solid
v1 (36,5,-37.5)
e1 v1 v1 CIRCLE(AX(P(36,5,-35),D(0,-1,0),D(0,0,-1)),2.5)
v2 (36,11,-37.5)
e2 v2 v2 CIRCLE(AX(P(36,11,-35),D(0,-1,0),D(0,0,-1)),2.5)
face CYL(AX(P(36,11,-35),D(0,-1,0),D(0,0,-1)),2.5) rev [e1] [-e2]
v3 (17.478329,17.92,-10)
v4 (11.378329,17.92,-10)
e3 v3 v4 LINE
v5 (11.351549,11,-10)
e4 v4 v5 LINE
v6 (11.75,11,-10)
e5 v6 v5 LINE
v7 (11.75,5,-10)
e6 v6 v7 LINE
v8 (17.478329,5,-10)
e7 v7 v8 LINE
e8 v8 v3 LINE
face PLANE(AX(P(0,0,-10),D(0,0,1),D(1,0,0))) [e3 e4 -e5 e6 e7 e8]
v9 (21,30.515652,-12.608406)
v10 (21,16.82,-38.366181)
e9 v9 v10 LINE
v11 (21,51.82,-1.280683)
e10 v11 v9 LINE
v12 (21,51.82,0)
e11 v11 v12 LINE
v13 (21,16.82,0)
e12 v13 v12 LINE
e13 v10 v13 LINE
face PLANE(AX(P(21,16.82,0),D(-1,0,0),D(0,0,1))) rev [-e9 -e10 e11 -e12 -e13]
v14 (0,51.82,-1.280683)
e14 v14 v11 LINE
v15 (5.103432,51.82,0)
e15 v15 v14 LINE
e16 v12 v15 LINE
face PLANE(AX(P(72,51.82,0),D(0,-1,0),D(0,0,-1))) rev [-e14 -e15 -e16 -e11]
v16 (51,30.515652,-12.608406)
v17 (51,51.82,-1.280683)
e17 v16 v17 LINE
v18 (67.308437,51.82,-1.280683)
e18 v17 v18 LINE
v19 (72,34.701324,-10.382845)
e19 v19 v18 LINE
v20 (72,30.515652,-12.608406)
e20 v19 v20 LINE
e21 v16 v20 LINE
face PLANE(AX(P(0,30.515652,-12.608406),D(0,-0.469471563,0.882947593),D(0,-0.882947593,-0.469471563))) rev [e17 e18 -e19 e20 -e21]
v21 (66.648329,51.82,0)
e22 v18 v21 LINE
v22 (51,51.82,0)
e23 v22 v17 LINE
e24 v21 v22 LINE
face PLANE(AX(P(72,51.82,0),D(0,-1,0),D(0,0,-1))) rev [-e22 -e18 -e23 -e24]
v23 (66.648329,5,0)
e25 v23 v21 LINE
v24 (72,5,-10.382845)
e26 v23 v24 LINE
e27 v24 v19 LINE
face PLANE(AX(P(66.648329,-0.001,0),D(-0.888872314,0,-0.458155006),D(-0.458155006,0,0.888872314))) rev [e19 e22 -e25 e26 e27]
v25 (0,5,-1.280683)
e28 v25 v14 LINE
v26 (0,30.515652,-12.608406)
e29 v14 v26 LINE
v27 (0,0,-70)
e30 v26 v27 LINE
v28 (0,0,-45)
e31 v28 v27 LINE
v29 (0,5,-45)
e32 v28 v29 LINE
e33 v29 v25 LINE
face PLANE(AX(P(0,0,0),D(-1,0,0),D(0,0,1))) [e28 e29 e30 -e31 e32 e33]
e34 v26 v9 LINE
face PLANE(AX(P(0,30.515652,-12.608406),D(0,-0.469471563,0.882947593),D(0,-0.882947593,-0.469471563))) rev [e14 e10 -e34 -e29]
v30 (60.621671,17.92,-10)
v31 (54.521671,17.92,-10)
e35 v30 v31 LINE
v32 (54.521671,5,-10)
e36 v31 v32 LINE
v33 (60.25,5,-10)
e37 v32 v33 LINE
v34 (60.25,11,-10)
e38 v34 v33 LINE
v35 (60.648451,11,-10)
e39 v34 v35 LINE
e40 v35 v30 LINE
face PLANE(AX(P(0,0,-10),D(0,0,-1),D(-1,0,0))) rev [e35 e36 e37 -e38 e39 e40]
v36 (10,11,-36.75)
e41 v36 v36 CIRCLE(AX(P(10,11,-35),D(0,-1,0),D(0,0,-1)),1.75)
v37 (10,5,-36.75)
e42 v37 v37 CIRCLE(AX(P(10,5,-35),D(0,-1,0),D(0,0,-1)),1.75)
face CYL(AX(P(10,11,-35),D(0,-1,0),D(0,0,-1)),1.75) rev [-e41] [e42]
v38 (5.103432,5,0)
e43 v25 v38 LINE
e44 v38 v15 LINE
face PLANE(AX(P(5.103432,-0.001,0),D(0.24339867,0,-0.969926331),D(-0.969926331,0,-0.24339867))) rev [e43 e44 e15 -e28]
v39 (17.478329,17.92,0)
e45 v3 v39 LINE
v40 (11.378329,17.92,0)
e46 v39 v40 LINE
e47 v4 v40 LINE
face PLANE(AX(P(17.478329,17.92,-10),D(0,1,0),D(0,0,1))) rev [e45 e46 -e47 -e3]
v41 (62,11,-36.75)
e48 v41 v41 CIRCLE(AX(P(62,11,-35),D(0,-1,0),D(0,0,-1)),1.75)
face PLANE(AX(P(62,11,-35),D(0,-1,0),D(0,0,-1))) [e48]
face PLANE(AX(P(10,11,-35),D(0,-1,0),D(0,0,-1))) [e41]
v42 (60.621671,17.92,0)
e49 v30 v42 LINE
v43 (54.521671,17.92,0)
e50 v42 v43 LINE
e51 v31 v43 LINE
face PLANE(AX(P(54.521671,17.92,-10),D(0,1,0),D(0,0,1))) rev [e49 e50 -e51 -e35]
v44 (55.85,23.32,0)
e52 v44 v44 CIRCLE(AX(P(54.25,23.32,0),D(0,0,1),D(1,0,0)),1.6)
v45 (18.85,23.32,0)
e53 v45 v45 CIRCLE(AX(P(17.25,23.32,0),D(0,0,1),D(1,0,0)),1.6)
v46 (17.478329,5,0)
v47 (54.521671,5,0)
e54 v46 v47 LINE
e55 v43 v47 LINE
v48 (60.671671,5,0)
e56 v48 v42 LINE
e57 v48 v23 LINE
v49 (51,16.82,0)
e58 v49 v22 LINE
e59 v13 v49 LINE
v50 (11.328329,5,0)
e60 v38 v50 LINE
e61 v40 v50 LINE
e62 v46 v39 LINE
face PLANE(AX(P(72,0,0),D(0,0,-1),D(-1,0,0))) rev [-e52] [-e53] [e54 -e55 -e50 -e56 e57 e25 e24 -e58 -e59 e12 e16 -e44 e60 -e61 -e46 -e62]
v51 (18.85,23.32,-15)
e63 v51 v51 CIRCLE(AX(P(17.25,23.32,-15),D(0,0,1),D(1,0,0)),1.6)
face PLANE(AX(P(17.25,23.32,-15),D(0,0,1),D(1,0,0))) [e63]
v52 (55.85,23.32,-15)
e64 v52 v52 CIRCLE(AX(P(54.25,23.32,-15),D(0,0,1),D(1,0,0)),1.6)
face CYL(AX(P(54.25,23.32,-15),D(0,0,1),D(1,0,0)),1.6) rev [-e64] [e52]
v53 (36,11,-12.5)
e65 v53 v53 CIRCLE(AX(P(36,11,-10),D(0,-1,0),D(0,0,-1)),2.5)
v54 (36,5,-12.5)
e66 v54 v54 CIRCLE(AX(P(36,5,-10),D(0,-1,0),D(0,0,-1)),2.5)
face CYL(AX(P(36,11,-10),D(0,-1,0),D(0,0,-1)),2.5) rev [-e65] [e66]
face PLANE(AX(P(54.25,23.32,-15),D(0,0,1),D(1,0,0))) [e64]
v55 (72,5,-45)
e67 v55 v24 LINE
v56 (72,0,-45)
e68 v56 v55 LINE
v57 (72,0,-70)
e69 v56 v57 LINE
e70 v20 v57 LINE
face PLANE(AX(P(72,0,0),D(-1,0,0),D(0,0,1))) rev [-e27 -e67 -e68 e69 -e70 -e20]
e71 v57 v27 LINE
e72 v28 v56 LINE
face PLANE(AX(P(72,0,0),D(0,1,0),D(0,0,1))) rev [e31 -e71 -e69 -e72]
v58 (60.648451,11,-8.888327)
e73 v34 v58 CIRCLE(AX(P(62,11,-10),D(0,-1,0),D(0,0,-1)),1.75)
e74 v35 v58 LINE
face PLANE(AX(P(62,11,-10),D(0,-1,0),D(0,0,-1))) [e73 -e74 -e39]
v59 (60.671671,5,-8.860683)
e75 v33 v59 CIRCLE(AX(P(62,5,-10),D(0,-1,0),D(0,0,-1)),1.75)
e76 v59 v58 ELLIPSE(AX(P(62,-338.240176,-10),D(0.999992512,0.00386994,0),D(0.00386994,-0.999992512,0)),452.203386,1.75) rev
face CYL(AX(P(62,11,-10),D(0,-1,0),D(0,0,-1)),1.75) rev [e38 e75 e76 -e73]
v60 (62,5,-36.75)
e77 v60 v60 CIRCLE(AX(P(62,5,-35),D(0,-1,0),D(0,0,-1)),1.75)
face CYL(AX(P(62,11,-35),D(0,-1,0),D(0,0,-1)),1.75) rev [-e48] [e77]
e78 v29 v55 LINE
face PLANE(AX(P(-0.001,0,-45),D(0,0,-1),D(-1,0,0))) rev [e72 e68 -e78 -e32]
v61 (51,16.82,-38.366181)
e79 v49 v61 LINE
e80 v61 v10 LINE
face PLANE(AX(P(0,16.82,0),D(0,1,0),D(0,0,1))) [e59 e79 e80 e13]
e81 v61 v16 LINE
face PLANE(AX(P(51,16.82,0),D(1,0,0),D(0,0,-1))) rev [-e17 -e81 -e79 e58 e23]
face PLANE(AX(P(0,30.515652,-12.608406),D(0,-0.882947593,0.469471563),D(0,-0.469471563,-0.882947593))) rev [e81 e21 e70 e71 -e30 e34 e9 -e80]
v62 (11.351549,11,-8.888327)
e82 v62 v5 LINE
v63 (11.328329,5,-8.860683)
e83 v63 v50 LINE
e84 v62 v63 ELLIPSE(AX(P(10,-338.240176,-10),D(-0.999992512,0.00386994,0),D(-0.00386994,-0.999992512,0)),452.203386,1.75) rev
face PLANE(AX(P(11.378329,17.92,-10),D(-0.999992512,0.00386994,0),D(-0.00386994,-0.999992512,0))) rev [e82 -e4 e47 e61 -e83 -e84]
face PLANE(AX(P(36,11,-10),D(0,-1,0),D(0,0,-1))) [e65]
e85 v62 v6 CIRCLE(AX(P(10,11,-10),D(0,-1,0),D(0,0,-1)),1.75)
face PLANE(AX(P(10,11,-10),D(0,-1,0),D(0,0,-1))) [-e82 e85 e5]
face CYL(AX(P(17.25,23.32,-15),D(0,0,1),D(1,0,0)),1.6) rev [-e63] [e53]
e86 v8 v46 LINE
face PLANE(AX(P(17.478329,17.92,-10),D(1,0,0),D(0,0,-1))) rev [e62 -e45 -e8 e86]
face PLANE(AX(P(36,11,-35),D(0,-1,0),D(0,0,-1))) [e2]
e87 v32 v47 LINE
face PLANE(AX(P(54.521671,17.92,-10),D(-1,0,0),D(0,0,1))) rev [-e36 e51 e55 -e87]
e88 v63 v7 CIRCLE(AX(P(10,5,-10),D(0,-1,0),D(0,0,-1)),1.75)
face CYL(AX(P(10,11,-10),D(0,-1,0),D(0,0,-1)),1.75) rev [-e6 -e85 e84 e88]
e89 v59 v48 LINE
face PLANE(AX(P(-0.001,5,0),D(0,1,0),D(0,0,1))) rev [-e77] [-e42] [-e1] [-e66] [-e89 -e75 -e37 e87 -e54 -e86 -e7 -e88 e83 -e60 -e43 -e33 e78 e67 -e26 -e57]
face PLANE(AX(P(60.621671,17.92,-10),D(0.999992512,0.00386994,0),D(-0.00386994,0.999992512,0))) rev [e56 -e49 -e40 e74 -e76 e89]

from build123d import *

# Parameters (mm, degrees)
CROQUIS1_W              = 70
CROQUIS1_H              = 51.82
SALIENTE_EXTRUIR1_DEPTH = 72
CORTAR_EXTRUIR1_DEPTH   = 72
CROQUIS5_W              = 30
CROQUIS5_H              = 62
CORTAR_EXTRUIR2_DEPTH   = 35
CORTAR_EXTRUIR3_REACH   = 74
CROQUIS6_W              = 45
CROQUIS6_H              = 5
CORTAR_EXTRUIR4_REACH   = 53.82
CORTAR_EXTRUIR5_REACH   = 53.82
CROQUIS18_R             = 1.6
CORTAR_EXTRUIR7_DEPTH   = 15
CROQUIS19_R             = 1.75
CROQUIS19_R_2           = 2.5
CORTAR_EXTRUIR8_DEPTH   = 6
CORTAR_EXTRUIR10_DEPTH  = 10


with BuildPart() as part:
    # Croquis1 → Saliente-Extruir1 (new body)
    with BuildSketch(Plane(origin=(0, 0, 0), x_dir=(0, 0, -1), z_dir=(1, 0, 0))):
        with Locations((35, 25.91)):
            Rectangle(CROQUIS1_W, CROQUIS1_H)
    extrude(amount=SALIENTE_EXTRUIR1_DEPTH)

    # Croquis4 → Cortar-Extruir1 (cut)
    with BuildSketch(Plane(origin=(72, 0, 0), x_dir=(0, 0, -1), z_dir=(1, 0, 0))):
        Polygon((12.608406464, 30.515651581), (70, 0), (70, 51.82), (1.280683474, 51.82), align=None)
    extrude(amount=-CORTAR_EXTRUIR1_DEPTH, mode=Mode.SUBTRACT)

    # Croquis5 → Cortar-Extruir2 (cut)
    with BuildSketch(Plane(origin=(0, 51.82, 0), x_dir=(1, 0, 0), z_dir=(0, 1, 0))):
        with Locations((36, 31)):
            Rectangle(CROQUIS5_W, CROQUIS5_H)
    extrude(amount=-CORTAR_EXTRUIR2_DEPTH, mode=Mode.SUBTRACT)

    # Croquis6 → Cortar-Extruir3 (cut, up to next)
    with BuildSketch(Plane(origin=(72, 0, 0), x_dir=(0, 0, -1), z_dir=(1, 0, 0)), mode=Mode.PRIVATE) as cortar_extruir3_sk1:
        with Locations((22.5, 2.5)):
            Rectangle(CROQUIS6_W, CROQUIS6_H)
    cortar_extruir3_tool1 = extrude(cortar_extruir3_sk1.sketch, amount=-CORTAR_EXTRUIR3_REACH, mode=Mode.PRIVATE) & part.part
    add(cortar_extruir3_tool1.solids().sort_by_distance((72, 2.5, -22.5))[0], mode=Mode.SUBTRACT)

    # Croquis7 → Cortar-Extruir4 (cut, up to next)
    with BuildSketch(Plane(origin=(0, 51.82, 0), x_dir=(1, 0, 0), z_dir=(0, 1, 0)), mode=Mode.PRIVATE) as cortar_extruir4_sk1:
        Polygon((5.10343226, 0), (0, 1.280683474), (0, 0), align=None)
    cortar_extruir4_tool1 = extrude(cortar_extruir4_sk1.sketch, amount=-CORTAR_EXTRUIR4_REACH, mode=Mode.PRIVATE) & part.part
    add(cortar_extruir4_tool1.solids().sort_by_distance((1.701144, 51.82, -0.426894))[0], mode=Mode.SUBTRACT)

    # Croquis8 → Cortar-Extruir5 (cut, up to next)
    with BuildSketch(Plane(origin=(0, 51.82, 0), x_dir=(1, 0, 0), z_dir=(0, 1, 0)), mode=Mode.PRIVATE) as cortar_extruir5_sk1:
        Polygon((66.648328853, 0), (72, 10.382844773), (72, 0), align=None)
    cortar_extruir5_tool1 = extrude(cortar_extruir5_sk1.sketch, amount=-CORTAR_EXTRUIR5_REACH, mode=Mode.PRIVATE) & part.part
    add(cortar_extruir5_tool1.solids().sort_by_distance((70.21611, 51.82, -3.460948))[0], mode=Mode.SUBTRACT)

    # Croquis18 → Cortar-Extruir7 (cut)
    with BuildSketch(Plane.XY):
        with Locations((17.25, 23.32)):
            Circle(CROQUIS18_R)
        with Locations((54.25, 23.32)):
            Circle(CROQUIS18_R)
    extrude(amount=-CORTAR_EXTRUIR7_DEPTH, mode=Mode.SUBTRACT)

    # Croquis19 → Cortar-Extruir8 (cut)
    with BuildSketch(Plane.XZ.offset(-5)):
        with Locations((10, -35)):
            Circle(CROQUIS19_R)
        with Locations((10, -10)):
            Circle(CROQUIS19_R)
        with Locations((62, -35)):
            Circle(CROQUIS19_R)
        with Locations((62, -10)):
            Circle(CROQUIS19_R)
        with Locations((36, -35)):
            Circle(CROQUIS19_R_2)
        with Locations((36, -10)):
            Circle(CROQUIS19_R_2)
    extrude(amount=-CORTAR_EXTRUIR8_DEPTH, mode=Mode.SUBTRACT)

    # Croquis21 → Cortar-Extruir10 (cut)
    with BuildSketch(Plane.XY):
        Polygon((11.328328853, 5), (17.478328853, 5), (17.478328853, 17.92), (11.378328853, 17.92), align=None)
        Polygon((60.671671147, 5), (54.521671147, 5), (54.521671147, 17.92), (60.621671147, 17.92), align=None)
    extrude(amount=-CORTAR_EXTRUIR10_DEPTH, mode=Mode.SUBTRACT)


solid = part.part
